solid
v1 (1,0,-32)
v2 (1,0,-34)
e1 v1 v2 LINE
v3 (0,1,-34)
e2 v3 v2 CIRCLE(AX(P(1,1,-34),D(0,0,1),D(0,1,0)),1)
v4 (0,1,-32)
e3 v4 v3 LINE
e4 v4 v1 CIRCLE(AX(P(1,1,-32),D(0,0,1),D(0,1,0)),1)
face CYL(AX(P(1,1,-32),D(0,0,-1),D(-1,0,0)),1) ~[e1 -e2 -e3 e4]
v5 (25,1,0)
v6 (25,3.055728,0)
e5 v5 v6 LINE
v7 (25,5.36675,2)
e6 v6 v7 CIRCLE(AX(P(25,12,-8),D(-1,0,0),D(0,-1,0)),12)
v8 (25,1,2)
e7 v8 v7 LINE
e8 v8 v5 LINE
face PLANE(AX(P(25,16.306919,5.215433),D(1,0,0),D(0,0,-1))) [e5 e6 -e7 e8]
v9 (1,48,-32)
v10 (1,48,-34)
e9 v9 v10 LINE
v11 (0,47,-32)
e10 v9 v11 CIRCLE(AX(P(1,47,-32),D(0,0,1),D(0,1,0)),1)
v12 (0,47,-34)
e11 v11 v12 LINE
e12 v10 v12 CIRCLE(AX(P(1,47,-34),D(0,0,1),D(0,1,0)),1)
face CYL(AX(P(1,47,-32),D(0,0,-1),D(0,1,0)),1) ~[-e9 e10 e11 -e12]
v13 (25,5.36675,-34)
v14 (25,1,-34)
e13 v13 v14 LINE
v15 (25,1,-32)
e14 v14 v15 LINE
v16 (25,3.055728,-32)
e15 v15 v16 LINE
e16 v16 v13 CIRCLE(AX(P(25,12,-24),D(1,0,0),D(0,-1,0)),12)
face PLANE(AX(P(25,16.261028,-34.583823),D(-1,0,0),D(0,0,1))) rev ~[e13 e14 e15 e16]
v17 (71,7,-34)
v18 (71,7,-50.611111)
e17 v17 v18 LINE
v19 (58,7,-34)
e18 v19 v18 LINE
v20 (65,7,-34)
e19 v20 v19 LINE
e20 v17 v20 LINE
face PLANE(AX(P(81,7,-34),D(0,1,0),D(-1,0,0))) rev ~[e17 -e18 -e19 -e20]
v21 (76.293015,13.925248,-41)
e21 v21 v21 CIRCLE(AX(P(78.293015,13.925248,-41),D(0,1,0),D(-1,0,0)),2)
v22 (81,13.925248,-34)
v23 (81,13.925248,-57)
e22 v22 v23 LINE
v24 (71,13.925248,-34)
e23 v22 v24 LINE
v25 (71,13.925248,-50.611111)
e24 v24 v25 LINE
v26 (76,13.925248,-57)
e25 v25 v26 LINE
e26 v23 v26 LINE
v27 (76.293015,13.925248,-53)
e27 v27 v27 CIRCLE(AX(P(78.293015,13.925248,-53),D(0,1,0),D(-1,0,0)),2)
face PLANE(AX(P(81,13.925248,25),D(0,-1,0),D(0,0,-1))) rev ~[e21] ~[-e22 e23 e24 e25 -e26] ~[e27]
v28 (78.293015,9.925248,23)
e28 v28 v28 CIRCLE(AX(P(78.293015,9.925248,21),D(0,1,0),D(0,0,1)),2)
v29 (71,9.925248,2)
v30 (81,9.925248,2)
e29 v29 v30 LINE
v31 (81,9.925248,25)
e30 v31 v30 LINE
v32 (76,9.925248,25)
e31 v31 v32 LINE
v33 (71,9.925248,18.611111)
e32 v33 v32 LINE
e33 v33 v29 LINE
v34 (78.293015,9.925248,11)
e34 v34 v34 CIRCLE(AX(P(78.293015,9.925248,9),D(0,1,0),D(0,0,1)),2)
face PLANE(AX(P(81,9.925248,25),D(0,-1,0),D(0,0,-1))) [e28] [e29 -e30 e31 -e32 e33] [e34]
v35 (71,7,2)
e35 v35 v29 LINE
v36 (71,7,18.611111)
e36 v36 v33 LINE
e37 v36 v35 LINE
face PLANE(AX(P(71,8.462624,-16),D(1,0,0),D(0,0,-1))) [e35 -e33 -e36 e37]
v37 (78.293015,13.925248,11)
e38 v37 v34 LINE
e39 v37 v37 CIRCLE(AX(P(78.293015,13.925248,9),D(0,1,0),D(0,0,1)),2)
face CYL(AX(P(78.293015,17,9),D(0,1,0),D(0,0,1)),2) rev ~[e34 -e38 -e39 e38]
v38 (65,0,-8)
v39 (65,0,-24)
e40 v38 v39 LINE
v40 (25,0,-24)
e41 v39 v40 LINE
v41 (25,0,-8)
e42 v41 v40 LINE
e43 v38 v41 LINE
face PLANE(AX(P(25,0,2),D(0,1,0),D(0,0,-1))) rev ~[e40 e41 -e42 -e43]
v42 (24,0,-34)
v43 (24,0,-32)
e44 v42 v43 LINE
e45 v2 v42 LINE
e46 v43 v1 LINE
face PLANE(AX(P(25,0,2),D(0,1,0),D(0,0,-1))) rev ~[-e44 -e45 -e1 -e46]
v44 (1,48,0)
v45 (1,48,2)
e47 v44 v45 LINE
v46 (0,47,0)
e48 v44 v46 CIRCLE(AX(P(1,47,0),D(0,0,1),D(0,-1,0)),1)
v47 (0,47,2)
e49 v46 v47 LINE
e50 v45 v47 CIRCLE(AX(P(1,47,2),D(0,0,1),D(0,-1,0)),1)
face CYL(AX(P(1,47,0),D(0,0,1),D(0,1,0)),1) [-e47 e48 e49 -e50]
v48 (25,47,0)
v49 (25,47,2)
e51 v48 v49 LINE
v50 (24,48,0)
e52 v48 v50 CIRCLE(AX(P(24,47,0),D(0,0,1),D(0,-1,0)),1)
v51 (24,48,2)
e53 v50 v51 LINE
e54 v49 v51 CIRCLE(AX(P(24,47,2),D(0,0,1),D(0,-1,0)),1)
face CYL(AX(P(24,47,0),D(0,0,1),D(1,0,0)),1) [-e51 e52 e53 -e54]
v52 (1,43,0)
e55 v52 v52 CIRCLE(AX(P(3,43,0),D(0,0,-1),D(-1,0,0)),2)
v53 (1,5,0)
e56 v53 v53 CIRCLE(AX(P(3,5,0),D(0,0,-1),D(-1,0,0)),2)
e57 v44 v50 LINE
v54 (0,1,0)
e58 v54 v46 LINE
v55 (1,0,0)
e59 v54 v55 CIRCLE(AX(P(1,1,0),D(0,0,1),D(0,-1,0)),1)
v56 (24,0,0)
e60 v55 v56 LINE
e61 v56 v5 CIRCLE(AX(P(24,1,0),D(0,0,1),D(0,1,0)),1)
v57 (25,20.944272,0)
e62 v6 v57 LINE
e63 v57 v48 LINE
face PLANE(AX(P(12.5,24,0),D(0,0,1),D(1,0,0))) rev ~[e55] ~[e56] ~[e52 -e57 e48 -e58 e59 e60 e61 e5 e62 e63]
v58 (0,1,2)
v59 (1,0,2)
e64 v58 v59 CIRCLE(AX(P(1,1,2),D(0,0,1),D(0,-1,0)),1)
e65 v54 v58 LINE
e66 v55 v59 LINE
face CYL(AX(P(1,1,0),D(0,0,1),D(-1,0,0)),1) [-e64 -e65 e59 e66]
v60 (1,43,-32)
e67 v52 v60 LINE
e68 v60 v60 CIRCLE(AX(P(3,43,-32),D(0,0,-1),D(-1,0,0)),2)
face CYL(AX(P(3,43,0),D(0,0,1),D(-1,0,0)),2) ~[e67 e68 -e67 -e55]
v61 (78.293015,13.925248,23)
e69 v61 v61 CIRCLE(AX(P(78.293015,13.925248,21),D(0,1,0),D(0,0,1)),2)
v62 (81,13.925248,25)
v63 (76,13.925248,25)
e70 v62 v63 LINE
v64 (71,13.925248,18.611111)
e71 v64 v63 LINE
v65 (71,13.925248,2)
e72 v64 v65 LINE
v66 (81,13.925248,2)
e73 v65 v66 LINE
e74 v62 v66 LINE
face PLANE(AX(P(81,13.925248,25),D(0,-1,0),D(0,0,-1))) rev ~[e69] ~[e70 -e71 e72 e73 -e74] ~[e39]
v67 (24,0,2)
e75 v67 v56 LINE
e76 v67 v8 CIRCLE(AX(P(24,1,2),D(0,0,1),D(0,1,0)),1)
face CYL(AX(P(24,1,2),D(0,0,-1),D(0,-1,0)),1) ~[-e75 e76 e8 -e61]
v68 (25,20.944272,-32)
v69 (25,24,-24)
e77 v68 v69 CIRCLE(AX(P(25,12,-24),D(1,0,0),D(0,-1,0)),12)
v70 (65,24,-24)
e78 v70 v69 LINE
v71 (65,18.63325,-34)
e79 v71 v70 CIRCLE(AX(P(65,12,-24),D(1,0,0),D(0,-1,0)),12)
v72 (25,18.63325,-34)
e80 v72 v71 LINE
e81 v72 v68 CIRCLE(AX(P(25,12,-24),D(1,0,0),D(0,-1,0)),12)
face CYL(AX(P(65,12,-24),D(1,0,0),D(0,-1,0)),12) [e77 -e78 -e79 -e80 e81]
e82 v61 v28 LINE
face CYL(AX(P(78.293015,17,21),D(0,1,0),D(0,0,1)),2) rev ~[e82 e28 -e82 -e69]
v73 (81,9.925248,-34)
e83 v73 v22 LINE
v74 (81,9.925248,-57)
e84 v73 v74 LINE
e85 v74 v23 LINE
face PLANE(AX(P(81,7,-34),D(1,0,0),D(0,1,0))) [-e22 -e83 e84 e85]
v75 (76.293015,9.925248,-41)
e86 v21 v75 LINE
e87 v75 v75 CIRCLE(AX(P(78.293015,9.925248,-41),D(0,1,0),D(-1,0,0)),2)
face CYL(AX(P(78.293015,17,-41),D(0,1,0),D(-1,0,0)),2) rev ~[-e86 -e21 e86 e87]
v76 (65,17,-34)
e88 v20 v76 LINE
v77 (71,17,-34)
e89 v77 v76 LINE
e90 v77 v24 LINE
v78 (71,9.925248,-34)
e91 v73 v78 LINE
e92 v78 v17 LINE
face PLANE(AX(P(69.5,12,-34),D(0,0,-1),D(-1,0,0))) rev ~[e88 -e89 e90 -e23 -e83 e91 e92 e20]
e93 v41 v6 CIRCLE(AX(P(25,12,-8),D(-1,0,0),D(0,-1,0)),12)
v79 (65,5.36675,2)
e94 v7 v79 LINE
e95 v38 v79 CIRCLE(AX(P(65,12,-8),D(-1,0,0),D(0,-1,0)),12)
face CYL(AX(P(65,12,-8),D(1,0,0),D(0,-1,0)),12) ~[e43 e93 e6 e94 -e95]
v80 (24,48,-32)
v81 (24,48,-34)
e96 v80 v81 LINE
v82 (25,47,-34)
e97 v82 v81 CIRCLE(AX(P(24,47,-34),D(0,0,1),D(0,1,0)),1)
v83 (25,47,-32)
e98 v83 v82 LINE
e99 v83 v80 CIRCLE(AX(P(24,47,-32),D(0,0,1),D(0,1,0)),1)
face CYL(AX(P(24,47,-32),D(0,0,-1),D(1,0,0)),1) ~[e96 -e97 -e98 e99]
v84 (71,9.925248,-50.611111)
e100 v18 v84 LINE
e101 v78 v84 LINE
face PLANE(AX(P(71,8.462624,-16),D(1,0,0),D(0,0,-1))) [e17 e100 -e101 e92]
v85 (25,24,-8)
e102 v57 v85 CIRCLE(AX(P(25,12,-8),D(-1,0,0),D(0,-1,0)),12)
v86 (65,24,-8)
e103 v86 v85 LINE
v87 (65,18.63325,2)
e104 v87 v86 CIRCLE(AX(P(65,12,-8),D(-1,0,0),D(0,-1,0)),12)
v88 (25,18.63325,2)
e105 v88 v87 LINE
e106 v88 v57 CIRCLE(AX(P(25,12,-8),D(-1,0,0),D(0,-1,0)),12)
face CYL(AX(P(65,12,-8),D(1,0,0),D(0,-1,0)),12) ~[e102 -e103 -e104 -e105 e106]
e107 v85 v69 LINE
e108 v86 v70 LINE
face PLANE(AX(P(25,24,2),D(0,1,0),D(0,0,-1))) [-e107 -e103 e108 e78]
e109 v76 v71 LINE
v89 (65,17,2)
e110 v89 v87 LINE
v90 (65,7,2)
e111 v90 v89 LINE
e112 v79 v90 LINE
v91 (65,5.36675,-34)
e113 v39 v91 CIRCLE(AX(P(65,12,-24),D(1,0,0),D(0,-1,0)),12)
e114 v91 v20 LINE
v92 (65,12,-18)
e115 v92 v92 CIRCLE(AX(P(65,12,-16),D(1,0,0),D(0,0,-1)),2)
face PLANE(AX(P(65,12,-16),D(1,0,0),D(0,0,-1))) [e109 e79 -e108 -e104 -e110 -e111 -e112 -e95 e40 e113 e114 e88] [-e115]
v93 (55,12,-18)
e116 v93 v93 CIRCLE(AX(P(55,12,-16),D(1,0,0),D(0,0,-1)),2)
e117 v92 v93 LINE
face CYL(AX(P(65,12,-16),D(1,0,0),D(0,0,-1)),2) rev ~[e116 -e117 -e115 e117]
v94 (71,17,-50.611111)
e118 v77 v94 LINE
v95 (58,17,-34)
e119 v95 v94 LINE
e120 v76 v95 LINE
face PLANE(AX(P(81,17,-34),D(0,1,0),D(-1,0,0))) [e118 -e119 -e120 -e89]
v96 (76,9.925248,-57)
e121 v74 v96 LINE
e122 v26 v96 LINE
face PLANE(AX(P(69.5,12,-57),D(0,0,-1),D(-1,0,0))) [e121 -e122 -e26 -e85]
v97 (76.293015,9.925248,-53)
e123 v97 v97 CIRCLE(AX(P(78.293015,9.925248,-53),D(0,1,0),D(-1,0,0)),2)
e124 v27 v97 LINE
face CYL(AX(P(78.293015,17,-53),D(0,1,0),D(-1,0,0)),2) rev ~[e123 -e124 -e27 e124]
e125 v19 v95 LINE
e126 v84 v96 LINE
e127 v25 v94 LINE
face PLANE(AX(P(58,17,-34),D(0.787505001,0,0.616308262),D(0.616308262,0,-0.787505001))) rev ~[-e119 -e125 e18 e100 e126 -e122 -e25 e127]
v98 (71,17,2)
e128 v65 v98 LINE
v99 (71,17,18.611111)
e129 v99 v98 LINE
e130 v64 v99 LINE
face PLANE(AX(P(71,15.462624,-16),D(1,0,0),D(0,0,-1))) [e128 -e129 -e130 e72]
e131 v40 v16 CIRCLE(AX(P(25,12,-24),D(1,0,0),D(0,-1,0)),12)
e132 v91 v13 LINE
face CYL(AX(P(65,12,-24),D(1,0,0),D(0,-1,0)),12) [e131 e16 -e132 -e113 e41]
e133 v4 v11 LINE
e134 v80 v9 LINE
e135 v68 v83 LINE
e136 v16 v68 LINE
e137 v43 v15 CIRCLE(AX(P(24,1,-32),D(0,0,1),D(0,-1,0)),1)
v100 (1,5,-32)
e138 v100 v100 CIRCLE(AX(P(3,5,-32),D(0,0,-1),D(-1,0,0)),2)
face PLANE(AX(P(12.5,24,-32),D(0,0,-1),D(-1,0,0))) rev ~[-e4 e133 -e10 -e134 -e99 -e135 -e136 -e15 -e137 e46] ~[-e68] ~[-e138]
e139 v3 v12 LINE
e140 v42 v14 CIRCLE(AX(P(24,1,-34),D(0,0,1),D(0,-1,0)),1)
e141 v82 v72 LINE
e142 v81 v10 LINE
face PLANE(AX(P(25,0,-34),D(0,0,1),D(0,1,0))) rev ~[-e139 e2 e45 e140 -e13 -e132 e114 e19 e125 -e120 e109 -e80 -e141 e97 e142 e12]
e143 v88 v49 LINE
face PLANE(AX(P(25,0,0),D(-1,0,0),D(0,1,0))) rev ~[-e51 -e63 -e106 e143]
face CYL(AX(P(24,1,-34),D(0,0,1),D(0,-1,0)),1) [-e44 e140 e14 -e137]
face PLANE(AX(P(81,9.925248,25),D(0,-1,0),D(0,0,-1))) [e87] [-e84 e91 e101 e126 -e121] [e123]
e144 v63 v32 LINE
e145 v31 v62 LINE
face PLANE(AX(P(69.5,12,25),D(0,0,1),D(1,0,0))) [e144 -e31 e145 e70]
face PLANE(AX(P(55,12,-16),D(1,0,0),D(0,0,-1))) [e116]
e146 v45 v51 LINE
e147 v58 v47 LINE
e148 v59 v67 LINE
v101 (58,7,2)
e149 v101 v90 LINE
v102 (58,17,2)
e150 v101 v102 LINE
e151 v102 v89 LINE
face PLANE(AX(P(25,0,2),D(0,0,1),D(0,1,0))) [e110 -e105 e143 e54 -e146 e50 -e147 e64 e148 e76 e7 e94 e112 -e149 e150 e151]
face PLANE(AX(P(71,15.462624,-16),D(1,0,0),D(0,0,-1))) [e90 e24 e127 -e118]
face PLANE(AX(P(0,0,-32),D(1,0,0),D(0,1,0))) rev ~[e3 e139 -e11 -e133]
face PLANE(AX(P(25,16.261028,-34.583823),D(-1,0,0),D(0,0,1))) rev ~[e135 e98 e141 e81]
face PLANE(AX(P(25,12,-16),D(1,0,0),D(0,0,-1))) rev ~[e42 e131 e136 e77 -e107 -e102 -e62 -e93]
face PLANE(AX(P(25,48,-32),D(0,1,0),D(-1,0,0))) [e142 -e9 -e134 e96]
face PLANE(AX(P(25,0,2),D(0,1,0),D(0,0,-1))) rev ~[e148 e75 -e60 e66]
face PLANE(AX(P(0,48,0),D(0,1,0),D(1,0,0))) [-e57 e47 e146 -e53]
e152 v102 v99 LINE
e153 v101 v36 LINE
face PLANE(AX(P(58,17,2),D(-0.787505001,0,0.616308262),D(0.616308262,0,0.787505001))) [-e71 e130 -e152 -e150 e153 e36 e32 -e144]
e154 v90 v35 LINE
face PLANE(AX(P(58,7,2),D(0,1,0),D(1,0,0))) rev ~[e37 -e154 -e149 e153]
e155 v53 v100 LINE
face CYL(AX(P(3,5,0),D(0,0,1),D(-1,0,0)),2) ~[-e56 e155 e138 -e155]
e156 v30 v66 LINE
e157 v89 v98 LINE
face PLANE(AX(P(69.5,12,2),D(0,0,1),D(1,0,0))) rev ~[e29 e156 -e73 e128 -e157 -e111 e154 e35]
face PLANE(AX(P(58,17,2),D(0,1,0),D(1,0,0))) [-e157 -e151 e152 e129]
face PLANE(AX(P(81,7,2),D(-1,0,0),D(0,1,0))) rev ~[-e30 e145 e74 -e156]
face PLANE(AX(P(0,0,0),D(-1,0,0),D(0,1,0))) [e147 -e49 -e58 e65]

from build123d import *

# Parameters (mm, degrees)
ESQUISSE1_W             = 25
ESQUISSE1_H             = 48
BOSS_EXTRU_1_DEPTH      = 2
ESQUISSE2_R             = 2
BOSS_EXTRU_2_DEPTH      = 32
ESQUISSE3_W             = 25
ESQUISSE3_H             = 48
BOSS_EXTRU_3_DEPTH      = 2
ESQUISSE5_W             = 36
ESQUISSE5_H             = 24
BOSS_EXTRU_4_DEPTH      = 40
ESQUISSE6_R             = 2
ENL_V_MAT_EXTRU_1_DEPTH = 10
ENL_V_MAT_EXTRU_2_DEPTH = 40
ESQUISSE9_W             = 23
ESQUISSE9_H             = 10
BOSS_EXTRU_5_DEPTH      = 23
ESQUISSE10_R            = 2
ENL_V_MAT_EXTRU_3_DEPTH = 23
ESQUISSE11_W            = 23
ESQUISSE11_H            = 10
BOSS_EXTRU_6_DEPTH      = 23
ESQUISSE13_R            = 2
ENL_V_MAT_EXTRU_4_DEPTH = 23
ENL_V_MAT_EXTRU_5_DEPTH = 23
ESQUISSE15_W            = 82
ESQUISSE15_H            = 3.074752109
ESQUISSE15_H_2          = 2.925247891
ENL_V_MAT_EXTRU_6_DEPTH = 10
CONG_1_R                = 1
CONG_2_R                = 1


with BuildPart() as part:
    # Esquisse1 → Boss.-Extru.1 (new body)
    with BuildSketch(Plane.XY):
        with Locations((12.5, 24)):
            Rectangle(ESQUISSE1_W, ESQUISSE1_H)
    extrude(amount=BOSS_EXTRU_1_DEPTH)

    # Esquisse2 → Boss.-Extru.2 (add)
    with BuildSketch(Plane(origin=(0, 0, 0), x_dir=(-1, 0, 0), z_dir=(0, 0, -1))):
        with Locations((-3, 5)):
            Circle(ESQUISSE2_R)
        with Locations((-3, 43)):
            Circle(ESQUISSE2_R)
    extrude(amount=BOSS_EXTRU_2_DEPTH)

    # Esquisse3 → Boss.-Extru.3 (add)
    with BuildSketch(Plane(origin=(0, 0, -32), x_dir=(-1, 0, 0), z_dir=(0, 0, -1))):
        with Locations((-12.5, 24)):
            Rectangle(ESQUISSE3_W, ESQUISSE3_H)
    extrude(amount=BOSS_EXTRU_3_DEPTH)

    # Esquisse5 → Boss.-Extru.4 (add)
    with BuildSketch(Plane(origin=(25, 0, 0), x_dir=(0, 0, -1), z_dir=(1, 0, 0))):
        with Locations((16, 12)):
            Rectangle(ESQUISSE5_W, ESQUISSE5_H)
    extrude(amount=BOSS_EXTRU_4_DEPTH)

    # Esquisse6 → Enlèv. mat.-Extru.1 (cut)
    with BuildSketch(Plane(origin=(65, 0, 0), x_dir=(0, 0, -1), z_dir=(1, 0, 0))):
        with Locations((16, 12)):
            Circle(ESQUISSE6_R)
    extrude(amount=-ENL_V_MAT_EXTRU_1_DEPTH, mode=Mode.SUBTRACT)

    # Esquisse7 → Enlèv. mat.-Extru.2 (cut)
    with BuildSketch(Plane(origin=(65, 0, 0), x_dir=(0, 0, -1), z_dir=(1, 0, 0))):
        with BuildLine():
            Line((8, 24), (8, 33.499215261))
            Line((8, 33.499215261), (-16.874865577, 33.499215261))
            Line((-16.874865577, 33.499215261), (-16.874865577, 0))
            Line((-16.874865577, 0), (8, 0))
            ThreePointArc((8, 0), (-4, 12), (8, 24))
        make_face()
        with BuildLine():
            Line((24, 24), (24, 33.499215261))
            Line((24, 33.499215261), (42.8283548, 33.499215261))
            Line((42.8283548, 33.499215261), (42.8283548, 0))
            Line((42.8283548, 0), (24, 0))
            ThreePointArc((24, 0), (36, 12), (24, 24))
        make_face()
    extrude(amount=-ENL_V_MAT_EXTRU_2_DEPTH, mode=Mode.SUBTRACT)

    # Esquisse9 → Boss.-Extru.5 (add)
    with BuildSketch(Plane.XY.offset(2)):
        with Locations((69.5, 12)):
            Rectangle(ESQUISSE9_W, ESQUISSE9_H)
    extrude(amount=BOSS_EXTRU_5_DEPTH)

    # Esquisse10 → Enlèv. mat.-Extru.3 (cut)
    with BuildSketch(Plane(origin=(0, 17, 0), x_dir=(1, 0, 0), z_dir=(0, 1, 0))):
        with Locations(Location((78.293015344, -21, 0), (0, 0, 270))):
            Circle(ESQUISSE10_R)
        with Locations(Location((78.293015344, -9, 0), (0, 0, 270))):
            Circle(ESQUISSE10_R)
    extrude(amount=-ENL_V_MAT_EXTRU_3_DEPTH, mode=Mode.SUBTRACT)

    # Esquisse11 → Boss.-Extru.6 (add)
    with BuildSketch(Plane(origin=(0, 0, -34), x_dir=(-1, 0, 0), z_dir=(0, 0, -1))):
        with Locations((-69.5, 12)):
            Rectangle(ESQUISSE11_W, ESQUISSE11_H)
    extrude(amount=BOSS_EXTRU_6_DEPTH)

    # Esquisse13 → Enlèv. mat.-Extru.4 (cut)
    with BuildSketch(Plane(origin=(0, 17, 0), x_dir=(1, 0, 0), z_dir=(0, 1, 0))):
        with Locations(Location((78.293015344, 41, 0), (0, 0, 180))):
            Circle(ESQUISSE13_R)
        with Locations(Location((78.293015344, 53, 0), (0, 0, 180))):
            Circle(ESQUISSE13_R)
    extrude(amount=-ENL_V_MAT_EXTRU_4_DEPTH, mode=Mode.SUBTRACT)

    # Esquisse14 → Enlèv. mat.-Extru.5 (cut)
    with BuildSketch(Plane(origin=(0, 17, 0), x_dir=(1, 0, 0), z_dir=(0, 1, 0))):
        Polygon((58, 34), (76, 57), (58, 57), align=None)
        Polygon((58, -2), (76, -25), (58, -25), align=None)
    extrude(amount=-ENL_V_MAT_EXTRU_5_DEPTH, mode=Mode.SUBTRACT)

    # Esquisse15 → Enlèv. mat.-Extru.6 (cut)
    with BuildSketch(Plane(origin=(81, 0, 0), x_dir=(0, 0, -1), z_dir=(1, 0, 0))):
        with Locations((16, 15.462623946)):
            Rectangle(ESQUISSE15_W, ESQUISSE15_H)
        with Locations((16, 8.462623946)):
            Rectangle(ESQUISSE15_W, ESQUISSE15_H_2)
    extrude(amount=-ENL_V_MAT_EXTRU_6_DEPTH, mode=Mode.SUBTRACT)

    # Congé1
    cong_1_edges = [part.edges().sort_by_distance(p)[0] for p in [
        (25, 0, 1),
        (0, 48, 1),
        (25, 48, 1),
        (0, 0, 1),
    ]]
    fillet(cong_1_edges, radius=CONG_1_R)

    # Congé2
    cong_2_edges = [part.edges().sort_by_distance(p)[0] for p in [
        (0, 0, -33),
        (0, 48, -33),
        (25, 48, -33),
        (25, 0, -33),
    ]]
    fillet(cong_2_edges, radius=CONG_2_R)


solid = part.part
